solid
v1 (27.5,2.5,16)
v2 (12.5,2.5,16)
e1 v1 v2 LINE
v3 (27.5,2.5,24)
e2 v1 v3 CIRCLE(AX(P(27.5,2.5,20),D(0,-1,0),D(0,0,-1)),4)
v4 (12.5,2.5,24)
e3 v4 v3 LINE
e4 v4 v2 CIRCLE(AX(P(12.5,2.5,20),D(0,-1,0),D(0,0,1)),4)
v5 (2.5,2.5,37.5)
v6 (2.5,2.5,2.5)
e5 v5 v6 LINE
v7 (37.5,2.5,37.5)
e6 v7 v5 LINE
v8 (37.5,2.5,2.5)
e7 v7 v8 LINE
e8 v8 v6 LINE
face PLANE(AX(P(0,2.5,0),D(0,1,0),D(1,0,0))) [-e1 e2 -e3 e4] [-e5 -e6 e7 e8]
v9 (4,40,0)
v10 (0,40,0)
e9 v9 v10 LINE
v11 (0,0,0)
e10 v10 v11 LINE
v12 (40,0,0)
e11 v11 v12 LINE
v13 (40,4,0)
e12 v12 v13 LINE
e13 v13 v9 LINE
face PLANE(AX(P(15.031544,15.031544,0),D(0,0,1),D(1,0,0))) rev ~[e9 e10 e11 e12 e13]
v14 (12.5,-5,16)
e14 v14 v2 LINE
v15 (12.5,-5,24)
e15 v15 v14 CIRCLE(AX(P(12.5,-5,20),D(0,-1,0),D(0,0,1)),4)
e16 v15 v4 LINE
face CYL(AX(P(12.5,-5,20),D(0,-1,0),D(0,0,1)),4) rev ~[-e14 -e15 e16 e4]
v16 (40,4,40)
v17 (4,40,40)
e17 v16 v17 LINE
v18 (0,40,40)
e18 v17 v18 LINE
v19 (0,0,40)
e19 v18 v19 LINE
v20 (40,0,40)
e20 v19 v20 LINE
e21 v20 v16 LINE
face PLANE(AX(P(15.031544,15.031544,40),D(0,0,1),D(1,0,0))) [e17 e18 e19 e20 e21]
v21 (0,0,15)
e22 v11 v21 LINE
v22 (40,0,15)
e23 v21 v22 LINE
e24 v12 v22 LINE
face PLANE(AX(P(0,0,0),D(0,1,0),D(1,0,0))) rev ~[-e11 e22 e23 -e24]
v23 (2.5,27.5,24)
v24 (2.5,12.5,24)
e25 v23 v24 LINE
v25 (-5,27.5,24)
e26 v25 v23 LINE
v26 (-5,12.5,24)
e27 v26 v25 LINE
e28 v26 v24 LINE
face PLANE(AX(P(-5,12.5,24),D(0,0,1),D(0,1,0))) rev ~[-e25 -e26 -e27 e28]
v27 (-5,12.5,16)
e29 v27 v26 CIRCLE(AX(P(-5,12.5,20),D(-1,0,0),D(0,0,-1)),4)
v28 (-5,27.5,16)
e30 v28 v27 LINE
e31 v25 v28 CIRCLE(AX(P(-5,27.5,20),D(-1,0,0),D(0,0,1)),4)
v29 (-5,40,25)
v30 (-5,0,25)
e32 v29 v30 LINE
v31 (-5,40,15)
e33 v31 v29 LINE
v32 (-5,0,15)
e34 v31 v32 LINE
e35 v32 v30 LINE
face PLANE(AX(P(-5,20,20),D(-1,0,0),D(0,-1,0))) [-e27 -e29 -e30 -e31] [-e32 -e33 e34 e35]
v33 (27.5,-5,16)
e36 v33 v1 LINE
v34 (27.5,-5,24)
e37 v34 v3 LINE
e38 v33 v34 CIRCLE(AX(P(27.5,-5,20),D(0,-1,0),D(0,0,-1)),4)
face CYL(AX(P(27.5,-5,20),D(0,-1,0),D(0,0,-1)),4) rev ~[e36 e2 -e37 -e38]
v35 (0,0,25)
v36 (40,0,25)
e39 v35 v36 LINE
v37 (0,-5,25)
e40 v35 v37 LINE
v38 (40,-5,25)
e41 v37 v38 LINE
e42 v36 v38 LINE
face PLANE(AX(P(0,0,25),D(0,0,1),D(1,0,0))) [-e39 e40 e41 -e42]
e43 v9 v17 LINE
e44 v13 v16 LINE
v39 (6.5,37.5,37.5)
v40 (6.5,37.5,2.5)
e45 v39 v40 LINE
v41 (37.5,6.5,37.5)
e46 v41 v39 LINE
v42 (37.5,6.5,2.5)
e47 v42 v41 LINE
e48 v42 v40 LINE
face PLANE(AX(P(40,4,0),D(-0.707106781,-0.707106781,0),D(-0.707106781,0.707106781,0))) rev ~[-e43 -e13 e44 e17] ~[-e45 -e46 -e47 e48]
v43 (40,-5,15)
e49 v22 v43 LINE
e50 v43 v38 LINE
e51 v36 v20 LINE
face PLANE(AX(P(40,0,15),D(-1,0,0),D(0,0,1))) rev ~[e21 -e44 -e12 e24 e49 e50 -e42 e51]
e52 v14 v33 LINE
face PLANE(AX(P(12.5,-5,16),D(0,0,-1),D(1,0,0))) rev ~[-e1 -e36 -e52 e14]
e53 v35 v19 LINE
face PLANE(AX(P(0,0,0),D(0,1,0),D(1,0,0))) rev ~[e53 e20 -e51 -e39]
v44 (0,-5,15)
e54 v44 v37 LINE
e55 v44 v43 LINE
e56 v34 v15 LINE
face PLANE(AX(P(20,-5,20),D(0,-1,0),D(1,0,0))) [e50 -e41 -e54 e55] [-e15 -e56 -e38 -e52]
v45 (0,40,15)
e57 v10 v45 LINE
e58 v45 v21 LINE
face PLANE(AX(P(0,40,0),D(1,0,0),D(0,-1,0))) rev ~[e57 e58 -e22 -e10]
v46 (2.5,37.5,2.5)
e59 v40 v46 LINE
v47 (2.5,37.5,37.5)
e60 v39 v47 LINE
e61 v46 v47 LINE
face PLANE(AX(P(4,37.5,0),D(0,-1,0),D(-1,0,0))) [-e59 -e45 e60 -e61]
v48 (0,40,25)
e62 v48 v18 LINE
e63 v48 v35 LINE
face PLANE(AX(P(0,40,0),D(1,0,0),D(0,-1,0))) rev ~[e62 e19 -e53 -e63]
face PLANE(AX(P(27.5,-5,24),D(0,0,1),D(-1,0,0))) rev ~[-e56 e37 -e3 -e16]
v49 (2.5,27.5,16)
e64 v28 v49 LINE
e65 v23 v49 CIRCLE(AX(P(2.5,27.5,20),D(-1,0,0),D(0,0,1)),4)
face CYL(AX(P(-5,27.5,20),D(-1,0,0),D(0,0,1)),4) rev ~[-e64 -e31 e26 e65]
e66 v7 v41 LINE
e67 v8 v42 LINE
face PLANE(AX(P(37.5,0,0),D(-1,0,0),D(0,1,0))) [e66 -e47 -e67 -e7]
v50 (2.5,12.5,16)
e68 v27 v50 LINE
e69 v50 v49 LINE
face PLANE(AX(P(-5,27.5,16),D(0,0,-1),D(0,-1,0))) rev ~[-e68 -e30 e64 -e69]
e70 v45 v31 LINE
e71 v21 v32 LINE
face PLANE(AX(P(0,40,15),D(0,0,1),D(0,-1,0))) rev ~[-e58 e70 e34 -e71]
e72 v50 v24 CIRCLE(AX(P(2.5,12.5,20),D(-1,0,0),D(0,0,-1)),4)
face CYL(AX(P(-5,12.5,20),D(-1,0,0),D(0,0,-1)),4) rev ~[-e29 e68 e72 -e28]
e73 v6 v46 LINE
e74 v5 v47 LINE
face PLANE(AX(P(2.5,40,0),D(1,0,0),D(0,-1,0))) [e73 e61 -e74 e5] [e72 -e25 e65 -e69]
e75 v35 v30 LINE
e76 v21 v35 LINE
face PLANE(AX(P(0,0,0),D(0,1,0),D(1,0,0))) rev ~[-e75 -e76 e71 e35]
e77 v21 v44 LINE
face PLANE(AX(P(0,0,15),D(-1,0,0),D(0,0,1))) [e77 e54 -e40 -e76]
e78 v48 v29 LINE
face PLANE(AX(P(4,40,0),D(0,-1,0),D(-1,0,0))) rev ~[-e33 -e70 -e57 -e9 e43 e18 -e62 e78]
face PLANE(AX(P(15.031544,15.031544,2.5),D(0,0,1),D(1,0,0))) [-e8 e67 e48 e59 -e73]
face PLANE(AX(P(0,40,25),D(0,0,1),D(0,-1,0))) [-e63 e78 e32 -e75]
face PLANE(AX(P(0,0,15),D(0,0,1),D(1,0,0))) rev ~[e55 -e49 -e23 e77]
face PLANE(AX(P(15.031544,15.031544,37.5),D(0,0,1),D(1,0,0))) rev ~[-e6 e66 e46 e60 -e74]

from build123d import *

# Parameters (mm, degrees)
F1_DEPTH  = 40
F2_T      = -2.5
F3_W      = 40
F3_H      = 10
F4_DEPTH  = 5
F5_W      = 40
F5_H      = 10
F6_DEPTH  = 5
F8_DEPTH  = 45.001
F10_DEPTH = 45.001


with BuildPart() as f1:
    # F0 (on Top) → F1 (new body)
    with BuildSketch(Plane.XY):
        Polygon((4, 40), (0, 40), (0, 0), (40, 0), (40, 4), align=None)
    extrude(amount=F1_DEPTH)

    # F2
    f2_openings = [f1.faces().sort_by_distance(p)[0] for p in [
        (22, 22, 20),
    ]]
    offset(amount=F2_T, openings=f2_openings)

    # F3 (on face) → F4 (join)
    with BuildSketch(Plane(origin=(0, 0, 0), x_dir=(0, -1, 0), z_dir=(-1, 0, 0))):
        with Locations((-20, 20)):
            Rectangle(F3_W, F3_H)
    extrude(amount=F4_DEPTH)

    # F5 (on face) → F6 (join)
    with BuildSketch(Plane.XZ):
        with Locations((20, 20)):
            Rectangle(F5_W, F5_H)
    extrude(amount=F6_DEPTH)

    # F7 (on face) → F8 (cut, through all)
    with BuildSketch(Plane.XZ.offset(5)):
        with BuildLine():
            Line((27.5, 24), (12.5, 24))
            ThreePointArc((12.5, 24), (8.5, 20), (12.5, 16))
            Line((12.5, 16), (27.5, 16))
            ThreePointArc((27.5, 16), (31.5, 20), (27.5, 24))
        make_face()
    extrude(amount=-F8_DEPTH, mode=Mode.SUBTRACT)

    # F9 (on face) → F10 (cut, through all)
    with BuildSketch(Plane(origin=(-5, 0, 0), x_dir=(0, -1, 0), z_dir=(-1, 0, 0))):
        with BuildLine():
            ThreePointArc((-27.5, 24), (-31.5, 20), (-27.5, 16))
            Line((-27.5, 16), (-12.5, 16))
            ThreePointArc((-12.5, 16), (-8.5, 20), (-12.5, 24))
            Line((-12.5, 24), (-27.5, 24))
        make_face()
    extrude(amount=-F10_DEPTH, mode=Mode.SUBTRACT)


solid = f1.part
